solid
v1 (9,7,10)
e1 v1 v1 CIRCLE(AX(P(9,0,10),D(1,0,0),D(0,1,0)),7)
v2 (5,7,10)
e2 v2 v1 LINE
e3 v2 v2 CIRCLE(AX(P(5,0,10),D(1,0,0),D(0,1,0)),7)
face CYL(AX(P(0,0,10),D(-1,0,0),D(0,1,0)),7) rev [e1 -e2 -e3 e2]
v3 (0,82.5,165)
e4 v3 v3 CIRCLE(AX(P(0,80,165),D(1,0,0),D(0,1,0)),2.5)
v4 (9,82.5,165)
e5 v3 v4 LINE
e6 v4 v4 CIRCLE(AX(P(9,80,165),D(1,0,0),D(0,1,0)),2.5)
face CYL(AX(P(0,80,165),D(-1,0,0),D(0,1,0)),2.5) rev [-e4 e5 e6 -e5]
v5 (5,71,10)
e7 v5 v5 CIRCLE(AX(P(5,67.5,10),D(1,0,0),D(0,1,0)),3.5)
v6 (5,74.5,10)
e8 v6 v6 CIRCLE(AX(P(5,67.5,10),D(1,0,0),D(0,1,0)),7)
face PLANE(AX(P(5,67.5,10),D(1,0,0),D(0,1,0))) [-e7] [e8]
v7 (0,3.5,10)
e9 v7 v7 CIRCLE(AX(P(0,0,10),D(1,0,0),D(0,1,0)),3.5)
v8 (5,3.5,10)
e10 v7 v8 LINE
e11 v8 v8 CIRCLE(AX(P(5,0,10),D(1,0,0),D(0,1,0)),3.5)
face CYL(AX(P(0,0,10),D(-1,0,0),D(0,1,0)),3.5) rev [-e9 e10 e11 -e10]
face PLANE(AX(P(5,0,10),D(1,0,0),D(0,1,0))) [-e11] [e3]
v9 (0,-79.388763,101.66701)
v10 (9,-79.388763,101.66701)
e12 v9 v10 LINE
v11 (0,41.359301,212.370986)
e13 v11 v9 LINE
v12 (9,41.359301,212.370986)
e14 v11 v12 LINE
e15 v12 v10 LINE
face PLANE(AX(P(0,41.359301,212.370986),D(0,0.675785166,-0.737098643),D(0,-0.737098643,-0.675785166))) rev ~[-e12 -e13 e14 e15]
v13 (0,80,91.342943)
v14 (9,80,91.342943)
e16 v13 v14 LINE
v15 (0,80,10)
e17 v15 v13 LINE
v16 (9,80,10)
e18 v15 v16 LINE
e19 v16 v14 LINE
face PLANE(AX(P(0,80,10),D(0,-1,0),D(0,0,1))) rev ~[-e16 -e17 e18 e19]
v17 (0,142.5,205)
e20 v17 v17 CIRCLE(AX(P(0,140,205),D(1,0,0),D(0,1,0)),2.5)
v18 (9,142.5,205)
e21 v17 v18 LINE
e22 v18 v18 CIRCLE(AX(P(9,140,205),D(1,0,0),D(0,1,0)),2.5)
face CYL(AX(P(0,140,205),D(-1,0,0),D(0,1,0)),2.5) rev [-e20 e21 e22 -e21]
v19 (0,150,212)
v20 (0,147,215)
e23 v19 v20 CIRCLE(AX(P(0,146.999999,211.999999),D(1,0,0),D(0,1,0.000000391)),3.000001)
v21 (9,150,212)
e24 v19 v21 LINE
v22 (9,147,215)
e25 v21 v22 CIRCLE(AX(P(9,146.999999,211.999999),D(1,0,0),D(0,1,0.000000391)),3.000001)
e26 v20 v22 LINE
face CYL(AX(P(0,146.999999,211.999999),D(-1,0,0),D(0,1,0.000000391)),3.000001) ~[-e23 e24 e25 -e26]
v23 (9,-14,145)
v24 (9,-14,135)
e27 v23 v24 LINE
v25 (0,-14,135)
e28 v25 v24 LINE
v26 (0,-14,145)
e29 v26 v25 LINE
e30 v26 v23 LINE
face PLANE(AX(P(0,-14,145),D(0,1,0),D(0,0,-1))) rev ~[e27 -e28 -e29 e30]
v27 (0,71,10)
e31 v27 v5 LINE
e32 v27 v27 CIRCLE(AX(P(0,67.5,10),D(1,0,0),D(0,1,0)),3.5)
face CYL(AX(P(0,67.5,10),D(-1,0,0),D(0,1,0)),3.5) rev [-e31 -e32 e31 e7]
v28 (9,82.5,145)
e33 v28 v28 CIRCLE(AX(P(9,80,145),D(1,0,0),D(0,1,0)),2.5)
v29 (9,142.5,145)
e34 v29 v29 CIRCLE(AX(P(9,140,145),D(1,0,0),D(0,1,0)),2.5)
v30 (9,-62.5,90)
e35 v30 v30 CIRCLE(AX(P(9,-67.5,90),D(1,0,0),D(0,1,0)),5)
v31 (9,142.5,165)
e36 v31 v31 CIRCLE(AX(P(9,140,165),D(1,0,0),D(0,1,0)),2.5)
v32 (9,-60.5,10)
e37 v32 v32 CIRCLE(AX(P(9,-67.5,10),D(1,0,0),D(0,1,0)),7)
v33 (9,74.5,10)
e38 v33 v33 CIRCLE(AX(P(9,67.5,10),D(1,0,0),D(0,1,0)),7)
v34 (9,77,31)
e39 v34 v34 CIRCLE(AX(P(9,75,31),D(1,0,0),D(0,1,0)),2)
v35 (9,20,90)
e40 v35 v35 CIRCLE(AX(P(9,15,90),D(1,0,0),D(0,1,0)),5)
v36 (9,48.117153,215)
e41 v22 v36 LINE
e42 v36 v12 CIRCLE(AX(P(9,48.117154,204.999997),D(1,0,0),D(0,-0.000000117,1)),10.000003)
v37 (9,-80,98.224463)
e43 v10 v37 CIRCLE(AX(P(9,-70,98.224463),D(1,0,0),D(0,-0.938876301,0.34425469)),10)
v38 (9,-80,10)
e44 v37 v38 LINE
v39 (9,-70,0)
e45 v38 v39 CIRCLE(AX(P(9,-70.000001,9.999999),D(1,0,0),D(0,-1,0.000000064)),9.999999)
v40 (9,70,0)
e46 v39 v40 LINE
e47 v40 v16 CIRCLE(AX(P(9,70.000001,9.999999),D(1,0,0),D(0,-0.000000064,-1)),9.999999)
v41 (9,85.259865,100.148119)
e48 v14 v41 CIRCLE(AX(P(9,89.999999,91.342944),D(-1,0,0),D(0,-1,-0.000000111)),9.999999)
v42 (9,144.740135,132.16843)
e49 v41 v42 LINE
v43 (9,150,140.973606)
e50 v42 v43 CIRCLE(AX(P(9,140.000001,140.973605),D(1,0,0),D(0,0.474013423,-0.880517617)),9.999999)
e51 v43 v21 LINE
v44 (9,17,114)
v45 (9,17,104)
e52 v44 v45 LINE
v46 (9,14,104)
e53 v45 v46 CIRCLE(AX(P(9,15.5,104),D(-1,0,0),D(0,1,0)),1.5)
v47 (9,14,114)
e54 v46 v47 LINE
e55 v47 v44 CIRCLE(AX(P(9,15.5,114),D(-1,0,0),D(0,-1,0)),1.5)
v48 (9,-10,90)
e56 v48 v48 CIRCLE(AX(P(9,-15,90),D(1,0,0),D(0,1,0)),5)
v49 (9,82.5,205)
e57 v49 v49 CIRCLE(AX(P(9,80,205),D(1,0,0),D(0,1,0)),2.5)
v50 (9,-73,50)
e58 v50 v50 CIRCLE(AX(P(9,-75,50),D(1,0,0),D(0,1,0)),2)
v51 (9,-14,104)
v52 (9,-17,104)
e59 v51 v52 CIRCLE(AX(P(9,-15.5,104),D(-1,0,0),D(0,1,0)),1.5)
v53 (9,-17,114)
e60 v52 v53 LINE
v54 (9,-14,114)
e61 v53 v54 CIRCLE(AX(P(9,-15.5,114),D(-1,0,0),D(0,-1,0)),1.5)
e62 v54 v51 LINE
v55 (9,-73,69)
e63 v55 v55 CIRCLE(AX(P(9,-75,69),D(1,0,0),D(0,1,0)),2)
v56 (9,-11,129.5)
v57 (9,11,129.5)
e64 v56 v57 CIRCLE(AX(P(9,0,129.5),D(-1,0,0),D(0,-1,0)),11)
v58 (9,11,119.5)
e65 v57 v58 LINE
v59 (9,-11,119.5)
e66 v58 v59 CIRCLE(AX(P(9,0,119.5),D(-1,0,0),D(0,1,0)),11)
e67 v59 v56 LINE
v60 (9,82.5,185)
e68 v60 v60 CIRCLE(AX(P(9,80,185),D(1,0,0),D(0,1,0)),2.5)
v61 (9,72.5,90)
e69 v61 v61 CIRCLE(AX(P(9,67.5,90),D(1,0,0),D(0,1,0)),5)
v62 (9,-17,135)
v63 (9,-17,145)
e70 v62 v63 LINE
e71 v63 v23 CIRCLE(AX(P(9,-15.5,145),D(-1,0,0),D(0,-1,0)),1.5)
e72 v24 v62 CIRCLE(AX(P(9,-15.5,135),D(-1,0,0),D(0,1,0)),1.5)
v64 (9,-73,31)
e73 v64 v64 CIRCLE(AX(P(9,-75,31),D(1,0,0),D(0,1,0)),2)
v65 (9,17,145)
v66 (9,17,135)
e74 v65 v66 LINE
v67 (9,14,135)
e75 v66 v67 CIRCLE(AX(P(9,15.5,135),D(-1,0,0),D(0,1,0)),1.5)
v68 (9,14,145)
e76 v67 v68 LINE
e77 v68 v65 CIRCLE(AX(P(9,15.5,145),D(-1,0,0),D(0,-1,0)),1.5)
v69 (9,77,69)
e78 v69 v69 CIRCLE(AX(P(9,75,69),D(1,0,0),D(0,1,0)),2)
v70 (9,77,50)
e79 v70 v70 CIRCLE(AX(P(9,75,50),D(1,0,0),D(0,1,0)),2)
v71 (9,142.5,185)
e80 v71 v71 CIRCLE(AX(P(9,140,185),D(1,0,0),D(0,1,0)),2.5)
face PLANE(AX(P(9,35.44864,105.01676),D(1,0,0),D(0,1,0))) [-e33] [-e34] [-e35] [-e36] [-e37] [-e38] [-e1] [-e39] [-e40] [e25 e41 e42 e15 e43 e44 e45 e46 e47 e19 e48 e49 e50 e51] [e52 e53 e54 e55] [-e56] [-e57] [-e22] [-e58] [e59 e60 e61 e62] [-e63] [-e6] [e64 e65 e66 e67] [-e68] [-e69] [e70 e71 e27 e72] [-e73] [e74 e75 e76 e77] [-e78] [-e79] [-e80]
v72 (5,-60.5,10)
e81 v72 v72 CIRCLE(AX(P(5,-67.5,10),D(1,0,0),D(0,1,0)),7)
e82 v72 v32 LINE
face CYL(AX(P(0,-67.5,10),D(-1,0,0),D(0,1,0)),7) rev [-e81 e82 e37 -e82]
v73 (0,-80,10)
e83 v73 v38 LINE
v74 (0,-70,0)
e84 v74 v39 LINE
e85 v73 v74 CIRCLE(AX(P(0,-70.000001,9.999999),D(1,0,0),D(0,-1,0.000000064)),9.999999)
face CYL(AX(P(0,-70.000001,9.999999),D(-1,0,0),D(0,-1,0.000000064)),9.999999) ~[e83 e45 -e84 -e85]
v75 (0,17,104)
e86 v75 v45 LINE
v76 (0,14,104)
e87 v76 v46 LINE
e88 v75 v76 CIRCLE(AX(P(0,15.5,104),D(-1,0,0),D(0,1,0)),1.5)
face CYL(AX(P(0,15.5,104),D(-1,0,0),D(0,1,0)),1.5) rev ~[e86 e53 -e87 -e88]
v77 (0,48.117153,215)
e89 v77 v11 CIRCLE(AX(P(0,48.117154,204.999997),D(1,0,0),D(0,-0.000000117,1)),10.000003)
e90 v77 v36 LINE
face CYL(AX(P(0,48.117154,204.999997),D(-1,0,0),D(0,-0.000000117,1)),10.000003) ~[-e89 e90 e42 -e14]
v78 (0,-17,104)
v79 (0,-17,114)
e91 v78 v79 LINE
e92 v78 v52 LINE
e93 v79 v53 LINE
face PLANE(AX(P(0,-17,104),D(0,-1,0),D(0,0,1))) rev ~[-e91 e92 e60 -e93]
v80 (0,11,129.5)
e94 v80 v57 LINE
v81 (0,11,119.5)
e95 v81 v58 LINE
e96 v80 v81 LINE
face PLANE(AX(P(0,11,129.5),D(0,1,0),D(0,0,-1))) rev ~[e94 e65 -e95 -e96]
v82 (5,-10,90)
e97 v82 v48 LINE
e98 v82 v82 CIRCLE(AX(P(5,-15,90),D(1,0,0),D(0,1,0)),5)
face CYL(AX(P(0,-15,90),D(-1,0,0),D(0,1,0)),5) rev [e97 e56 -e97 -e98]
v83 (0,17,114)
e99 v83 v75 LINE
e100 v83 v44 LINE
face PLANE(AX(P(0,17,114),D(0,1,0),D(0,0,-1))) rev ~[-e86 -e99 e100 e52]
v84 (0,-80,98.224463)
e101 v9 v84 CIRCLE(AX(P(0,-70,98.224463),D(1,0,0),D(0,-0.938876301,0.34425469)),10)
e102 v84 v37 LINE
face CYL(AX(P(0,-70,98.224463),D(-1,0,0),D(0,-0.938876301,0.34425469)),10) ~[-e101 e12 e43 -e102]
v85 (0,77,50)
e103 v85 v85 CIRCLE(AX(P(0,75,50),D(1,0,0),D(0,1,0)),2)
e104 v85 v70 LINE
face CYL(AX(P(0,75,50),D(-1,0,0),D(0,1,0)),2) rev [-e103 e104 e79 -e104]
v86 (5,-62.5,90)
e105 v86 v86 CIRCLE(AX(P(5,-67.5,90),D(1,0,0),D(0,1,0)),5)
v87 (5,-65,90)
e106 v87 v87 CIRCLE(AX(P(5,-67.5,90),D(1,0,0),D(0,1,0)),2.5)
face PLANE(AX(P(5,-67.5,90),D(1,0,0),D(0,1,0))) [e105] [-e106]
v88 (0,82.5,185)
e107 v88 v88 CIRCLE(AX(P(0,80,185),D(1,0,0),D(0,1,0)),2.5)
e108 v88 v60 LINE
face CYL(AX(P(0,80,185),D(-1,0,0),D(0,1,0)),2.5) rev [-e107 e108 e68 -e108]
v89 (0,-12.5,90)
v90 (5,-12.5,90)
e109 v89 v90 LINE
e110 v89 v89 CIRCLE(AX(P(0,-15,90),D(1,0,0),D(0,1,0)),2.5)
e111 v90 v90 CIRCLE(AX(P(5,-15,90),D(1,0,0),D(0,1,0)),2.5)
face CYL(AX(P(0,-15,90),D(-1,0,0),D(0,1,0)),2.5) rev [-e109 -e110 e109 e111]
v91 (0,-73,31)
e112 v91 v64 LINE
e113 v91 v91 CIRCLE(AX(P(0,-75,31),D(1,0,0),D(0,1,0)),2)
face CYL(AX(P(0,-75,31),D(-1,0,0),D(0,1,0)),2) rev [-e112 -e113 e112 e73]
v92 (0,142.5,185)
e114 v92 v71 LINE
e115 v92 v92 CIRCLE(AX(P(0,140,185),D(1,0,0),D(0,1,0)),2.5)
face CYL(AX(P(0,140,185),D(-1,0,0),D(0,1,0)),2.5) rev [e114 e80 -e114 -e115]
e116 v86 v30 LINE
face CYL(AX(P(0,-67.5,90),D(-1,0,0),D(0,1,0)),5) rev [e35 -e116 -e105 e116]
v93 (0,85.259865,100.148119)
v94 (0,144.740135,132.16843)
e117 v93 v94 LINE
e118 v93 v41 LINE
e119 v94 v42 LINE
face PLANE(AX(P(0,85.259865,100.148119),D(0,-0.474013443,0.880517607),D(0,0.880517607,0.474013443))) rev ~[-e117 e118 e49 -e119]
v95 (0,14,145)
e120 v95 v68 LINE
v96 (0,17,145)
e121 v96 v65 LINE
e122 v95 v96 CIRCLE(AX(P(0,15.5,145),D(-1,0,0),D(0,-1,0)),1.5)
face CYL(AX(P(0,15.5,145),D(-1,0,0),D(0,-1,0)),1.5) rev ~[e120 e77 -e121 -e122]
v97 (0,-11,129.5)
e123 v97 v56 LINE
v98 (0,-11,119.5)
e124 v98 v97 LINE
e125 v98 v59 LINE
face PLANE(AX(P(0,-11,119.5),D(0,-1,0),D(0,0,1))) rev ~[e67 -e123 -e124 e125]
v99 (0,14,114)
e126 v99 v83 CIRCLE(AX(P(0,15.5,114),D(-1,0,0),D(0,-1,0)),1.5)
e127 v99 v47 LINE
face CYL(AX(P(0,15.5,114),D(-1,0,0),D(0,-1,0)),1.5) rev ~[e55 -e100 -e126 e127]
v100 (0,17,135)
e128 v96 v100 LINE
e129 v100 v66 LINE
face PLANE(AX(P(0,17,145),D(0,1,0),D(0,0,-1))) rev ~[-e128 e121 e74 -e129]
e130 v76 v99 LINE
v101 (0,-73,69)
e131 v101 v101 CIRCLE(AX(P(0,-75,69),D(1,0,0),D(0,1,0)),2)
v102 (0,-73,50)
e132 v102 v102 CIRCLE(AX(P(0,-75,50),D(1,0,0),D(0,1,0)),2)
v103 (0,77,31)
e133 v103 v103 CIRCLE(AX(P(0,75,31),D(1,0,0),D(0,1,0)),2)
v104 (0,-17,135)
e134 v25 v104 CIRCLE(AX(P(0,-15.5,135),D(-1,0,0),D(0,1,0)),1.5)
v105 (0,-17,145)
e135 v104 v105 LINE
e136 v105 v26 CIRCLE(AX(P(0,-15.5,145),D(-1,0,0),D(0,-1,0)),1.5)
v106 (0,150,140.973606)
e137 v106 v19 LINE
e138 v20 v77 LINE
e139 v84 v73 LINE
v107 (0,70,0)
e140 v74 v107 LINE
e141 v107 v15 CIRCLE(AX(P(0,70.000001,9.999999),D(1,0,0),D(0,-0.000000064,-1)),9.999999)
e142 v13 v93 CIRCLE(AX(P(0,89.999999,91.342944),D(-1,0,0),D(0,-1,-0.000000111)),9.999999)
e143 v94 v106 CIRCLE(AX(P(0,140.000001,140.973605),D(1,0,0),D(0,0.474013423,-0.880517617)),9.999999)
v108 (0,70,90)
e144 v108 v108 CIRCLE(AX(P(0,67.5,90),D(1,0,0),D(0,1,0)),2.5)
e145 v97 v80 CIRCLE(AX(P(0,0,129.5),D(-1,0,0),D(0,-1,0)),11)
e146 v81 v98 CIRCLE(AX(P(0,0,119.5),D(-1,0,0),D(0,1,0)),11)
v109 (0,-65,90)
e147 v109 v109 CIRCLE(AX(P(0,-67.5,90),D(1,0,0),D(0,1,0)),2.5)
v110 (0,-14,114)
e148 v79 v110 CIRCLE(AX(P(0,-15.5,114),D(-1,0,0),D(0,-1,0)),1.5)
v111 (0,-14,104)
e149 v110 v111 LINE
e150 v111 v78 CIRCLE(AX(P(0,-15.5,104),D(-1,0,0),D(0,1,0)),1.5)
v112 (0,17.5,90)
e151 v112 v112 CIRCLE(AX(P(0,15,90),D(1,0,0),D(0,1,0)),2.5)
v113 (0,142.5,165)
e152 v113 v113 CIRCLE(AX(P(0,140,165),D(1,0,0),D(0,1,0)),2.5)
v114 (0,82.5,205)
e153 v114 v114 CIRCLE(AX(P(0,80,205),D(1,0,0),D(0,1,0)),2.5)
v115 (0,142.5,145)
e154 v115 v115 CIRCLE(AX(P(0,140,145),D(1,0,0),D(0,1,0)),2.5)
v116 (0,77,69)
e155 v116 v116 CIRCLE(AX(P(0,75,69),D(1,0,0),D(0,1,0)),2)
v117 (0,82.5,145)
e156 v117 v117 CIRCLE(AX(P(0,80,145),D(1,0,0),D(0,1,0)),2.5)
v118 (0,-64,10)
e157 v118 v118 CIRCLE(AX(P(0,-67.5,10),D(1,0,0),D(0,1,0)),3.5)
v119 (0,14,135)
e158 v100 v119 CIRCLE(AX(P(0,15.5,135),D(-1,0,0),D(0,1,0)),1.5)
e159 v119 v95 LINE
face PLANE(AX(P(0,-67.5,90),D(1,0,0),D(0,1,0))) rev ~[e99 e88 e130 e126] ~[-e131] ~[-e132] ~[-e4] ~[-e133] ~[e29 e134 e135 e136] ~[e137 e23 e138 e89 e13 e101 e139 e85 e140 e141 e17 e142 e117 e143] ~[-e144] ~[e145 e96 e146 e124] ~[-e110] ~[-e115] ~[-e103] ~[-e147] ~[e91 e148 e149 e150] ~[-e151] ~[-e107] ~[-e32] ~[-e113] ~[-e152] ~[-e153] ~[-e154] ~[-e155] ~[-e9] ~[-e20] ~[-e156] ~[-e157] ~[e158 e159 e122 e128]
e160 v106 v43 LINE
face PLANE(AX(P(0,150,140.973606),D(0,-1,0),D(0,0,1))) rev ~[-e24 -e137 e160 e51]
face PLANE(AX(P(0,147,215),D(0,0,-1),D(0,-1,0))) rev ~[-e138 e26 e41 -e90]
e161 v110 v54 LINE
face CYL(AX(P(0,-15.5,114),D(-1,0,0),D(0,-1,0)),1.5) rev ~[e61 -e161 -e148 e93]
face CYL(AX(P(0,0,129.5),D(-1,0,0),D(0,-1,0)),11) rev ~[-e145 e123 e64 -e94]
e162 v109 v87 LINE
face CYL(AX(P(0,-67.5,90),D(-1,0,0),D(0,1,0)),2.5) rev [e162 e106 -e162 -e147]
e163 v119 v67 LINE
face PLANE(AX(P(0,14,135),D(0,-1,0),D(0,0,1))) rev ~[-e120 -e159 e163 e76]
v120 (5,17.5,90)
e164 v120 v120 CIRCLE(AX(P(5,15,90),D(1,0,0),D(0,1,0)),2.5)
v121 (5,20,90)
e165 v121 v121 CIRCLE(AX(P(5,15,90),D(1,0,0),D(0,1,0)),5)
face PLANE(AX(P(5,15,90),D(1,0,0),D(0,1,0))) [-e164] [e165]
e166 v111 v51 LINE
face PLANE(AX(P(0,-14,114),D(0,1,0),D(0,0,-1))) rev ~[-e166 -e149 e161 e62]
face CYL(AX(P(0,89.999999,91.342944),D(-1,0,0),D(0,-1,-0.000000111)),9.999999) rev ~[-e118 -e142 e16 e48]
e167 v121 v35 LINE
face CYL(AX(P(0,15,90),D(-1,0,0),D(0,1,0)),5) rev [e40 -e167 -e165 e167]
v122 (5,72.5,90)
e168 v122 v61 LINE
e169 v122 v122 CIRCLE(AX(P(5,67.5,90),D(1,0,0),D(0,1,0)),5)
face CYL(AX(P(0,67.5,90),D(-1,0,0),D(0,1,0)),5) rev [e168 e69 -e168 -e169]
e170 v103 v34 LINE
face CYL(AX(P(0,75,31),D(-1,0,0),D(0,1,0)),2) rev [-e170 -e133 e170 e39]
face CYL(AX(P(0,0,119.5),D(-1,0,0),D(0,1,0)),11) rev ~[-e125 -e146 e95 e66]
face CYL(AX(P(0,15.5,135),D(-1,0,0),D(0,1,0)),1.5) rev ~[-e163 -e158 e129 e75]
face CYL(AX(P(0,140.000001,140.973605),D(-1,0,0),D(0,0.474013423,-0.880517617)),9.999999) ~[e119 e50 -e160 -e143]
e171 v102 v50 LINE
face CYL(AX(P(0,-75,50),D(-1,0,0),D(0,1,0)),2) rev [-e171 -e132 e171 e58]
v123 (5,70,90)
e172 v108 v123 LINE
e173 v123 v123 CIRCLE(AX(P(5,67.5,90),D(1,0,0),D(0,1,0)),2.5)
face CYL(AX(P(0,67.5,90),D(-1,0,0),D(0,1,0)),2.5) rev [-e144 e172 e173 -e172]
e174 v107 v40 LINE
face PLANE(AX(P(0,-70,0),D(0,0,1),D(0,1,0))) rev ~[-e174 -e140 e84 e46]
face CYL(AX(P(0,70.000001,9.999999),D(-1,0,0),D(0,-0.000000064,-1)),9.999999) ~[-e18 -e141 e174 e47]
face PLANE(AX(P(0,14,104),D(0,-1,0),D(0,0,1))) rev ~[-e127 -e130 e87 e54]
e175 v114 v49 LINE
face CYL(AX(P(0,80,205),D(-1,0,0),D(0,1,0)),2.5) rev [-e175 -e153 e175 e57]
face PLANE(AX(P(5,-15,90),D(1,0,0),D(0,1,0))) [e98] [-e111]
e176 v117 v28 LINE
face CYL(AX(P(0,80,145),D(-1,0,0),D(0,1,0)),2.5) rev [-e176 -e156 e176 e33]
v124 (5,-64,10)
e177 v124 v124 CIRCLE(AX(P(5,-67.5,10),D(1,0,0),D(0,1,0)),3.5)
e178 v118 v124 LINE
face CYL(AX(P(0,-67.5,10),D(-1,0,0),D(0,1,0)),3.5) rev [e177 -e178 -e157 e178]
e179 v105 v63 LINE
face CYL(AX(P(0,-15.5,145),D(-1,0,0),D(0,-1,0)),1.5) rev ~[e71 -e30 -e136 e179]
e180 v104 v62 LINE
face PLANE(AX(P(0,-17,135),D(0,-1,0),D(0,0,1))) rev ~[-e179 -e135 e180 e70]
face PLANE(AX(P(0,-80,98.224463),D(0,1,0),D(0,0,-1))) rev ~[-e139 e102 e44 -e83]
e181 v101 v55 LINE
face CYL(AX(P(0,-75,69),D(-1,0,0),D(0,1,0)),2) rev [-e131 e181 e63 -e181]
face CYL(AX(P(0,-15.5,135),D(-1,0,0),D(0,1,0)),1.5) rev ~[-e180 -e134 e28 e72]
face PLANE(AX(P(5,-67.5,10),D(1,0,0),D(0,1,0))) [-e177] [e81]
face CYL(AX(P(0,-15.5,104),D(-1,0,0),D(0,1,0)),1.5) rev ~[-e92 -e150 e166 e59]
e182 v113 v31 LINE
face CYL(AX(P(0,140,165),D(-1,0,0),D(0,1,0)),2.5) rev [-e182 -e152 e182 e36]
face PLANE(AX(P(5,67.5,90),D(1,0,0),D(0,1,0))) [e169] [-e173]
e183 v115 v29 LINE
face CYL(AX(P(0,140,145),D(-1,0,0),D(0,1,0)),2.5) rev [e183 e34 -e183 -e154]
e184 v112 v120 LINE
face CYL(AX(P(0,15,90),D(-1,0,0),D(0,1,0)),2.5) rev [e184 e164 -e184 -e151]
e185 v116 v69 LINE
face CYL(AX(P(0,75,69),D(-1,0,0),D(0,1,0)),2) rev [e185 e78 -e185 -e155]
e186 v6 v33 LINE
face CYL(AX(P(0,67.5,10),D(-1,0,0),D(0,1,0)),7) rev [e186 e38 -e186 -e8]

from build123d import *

# Parameters (mm, degrees)
F0_R     = 7
F0_R_2   = 2
F0_R_3   = 5
F0_R_4   = 2.5
F1_DEPTH = 9
F0_R_5   = 3.5
F2_DEPTH = 5


with BuildPart() as f1:
    # F0 (on Right) → F1 (new body)
    with BuildSketch(Plane.YZ):
        with BuildLine():
            ThreePointArc((-80, 10), (-77.071068, 2.928932), (-70, 0))
            Line((-70, 0), (70, 0))
            ThreePointArc((70, 0), (77.071068, 2.928932), (80, 10))
            Line((80, 10), (80, 91.342943))
            ThreePointArc((80, 91.342943), (81.41509, 96.47123), (85.259865, 100.148119))
            Line((85.259865, 100.148119), (144.740135, 132.16843))
            ThreePointArc((144.740135, 132.16843), (148.58491, 135.845319), (150, 140.973606))
            Line((150, 140.973606), (150, 212))
            ThreePointArc((150, 212), (149.12132, 214.12132), (147, 215))
            Line((147, 215), (69.185309, 215))
            Line((69.185309, 215), (48.117153, 215))
            ThreePointArc((48.117153, 215), (44.49154, 214.319599), (41.359301, 212.370986))
            Line((41.359301, 212.370986), (-79.388763, 101.66701))
            ThreePointArc((-79.388763, 101.66701), (-79.846005, 99.972658), (-80, 98.224463))
            Line((-80, 98.224463), (-80, 10))
        make_face()
        with Locations((-67.5, 10)):
            Circle(F0_R, mode=Mode.SUBTRACT)
        with Locations((-75, 31)):
            Circle(F0_R_2, mode=Mode.SUBTRACT)
        with Locations((-75, 50)):
            Circle(F0_R_2, mode=Mode.SUBTRACT)
        with Locations((0, 10)):
            Circle(F0_R, mode=Mode.SUBTRACT)
        with Locations((-75, 69)):
            Circle(F0_R_2, mode=Mode.SUBTRACT)
        with Locations((-67.5, 90)):
            Circle(F0_R_3, mode=Mode.SUBTRACT)
        with Locations((-15, 90)):
            Circle(F0_R_3, mode=Mode.SUBTRACT)
        with Locations((15, 90)):
            Circle(F0_R_3, mode=Mode.SUBTRACT)
        with Locations((67.5, 10)):
            Circle(F0_R, mode=Mode.SUBTRACT)
        with Locations((75, 31)):
            Circle(F0_R_2, mode=Mode.SUBTRACT)
        with Locations((75, 50)):
            Circle(F0_R_2, mode=Mode.SUBTRACT)
        with Locations((75, 69)):
            Circle(F0_R_2, mode=Mode.SUBTRACT)
        with Locations((67.5, 90)):
            Circle(F0_R_3, mode=Mode.SUBTRACT)
        with BuildLine():
            ThreePointArc((-14, 104), (-15.5, 102.5), (-17, 104))
            Line((-17, 104), (-17, 114))
            ThreePointArc((-17, 114), (-15.5, 115.5), (-14, 114))
            Line((-14, 114), (-14, 104))
        make_face(mode=Mode.SUBTRACT)
        with BuildLine():
            ThreePointArc((-11, 129.5), (0, 140.5), (11, 129.5))
            Line((11, 129.5), (11, 119.5))
            ThreePointArc((11, 119.5), (0, 108.5), (-11, 119.5))
            Line((-11, 119.5), (-11, 129.5))
        make_face(mode=Mode.SUBTRACT)
        with BuildLine():
            Line((17, 114), (17, 104))
            ThreePointArc((17, 104), (15.5, 102.5), (14, 104))
            Line((14, 104), (14, 114))
            ThreePointArc((14, 114), (15.5, 115.5), (17, 114))
        make_face(mode=Mode.SUBTRACT)
        with BuildLine():
            ThreePointArc((-17, 145), (-15.5, 146.5), (-14, 145))
            Line((-14, 145), (-14, 135))
            ThreePointArc((-14, 135), (-15.5, 133.5), (-17, 135))
            Line((-17, 135), (-17, 145))
        make_face(mode=Mode.SUBTRACT)
        with BuildLine():
            Line((14, 135), (14, 145))
            ThreePointArc((14, 145), (15.5, 146.5), (17, 145))
            Line((17, 145), (17, 135))
            ThreePointArc((17, 135), (15.5, 133.5), (14, 135))
        make_face(mode=Mode.SUBTRACT)
        with Locations((80, 145)):
            Circle(F0_R_4, mode=Mode.SUBTRACT)
        with Locations((140, 145)):
            Circle(F0_R_4, mode=Mode.SUBTRACT)
        with Locations((80, 165)):
            Circle(F0_R_4, mode=Mode.SUBTRACT)
        with Locations((80, 185)):
            Circle(F0_R_4, mode=Mode.SUBTRACT)
        with Locations((80, 205)):
            Circle(F0_R_4, mode=Mode.SUBTRACT)
        with Locations((140, 165)):
            Circle(F0_R_4, mode=Mode.SUBTRACT)
        with Locations((140, 185)):
            Circle(F0_R_4, mode=Mode.SUBTRACT)
        with Locations((140, 205)):
            Circle(F0_R_4, mode=Mode.SUBTRACT)
    extrude(amount=F1_DEPTH)

    # F0 (on Right) → F2 (join)
    with BuildSketch(Plane.YZ):
        with Locations((-67.5, 90)):
            Circle(F0_R_3)
        with Locations((-67.5, 90)):
            Circle(F0_R_4, mode=Mode.SUBTRACT)
        with Locations((-15, 90)):
            Circle(F0_R_3)
        with Locations((-15, 90)):
            Circle(F0_R_4, mode=Mode.SUBTRACT)
        with Locations((15, 90)):
            Circle(F0_R_3)
        with Locations((15, 90)):
            Circle(F0_R_4, mode=Mode.SUBTRACT)
        with Locations((67.5, 90)):
            Circle(F0_R_3)
        with Locations((67.5, 90)):
            Circle(F0_R_4, mode=Mode.SUBTRACT)
        with Locations((67.5, 10)):
            Circle(F0_R)
        with Locations((67.5, 10)):
            Circle(F0_R_5, mode=Mode.SUBTRACT)
        with Locations((0, 10)):
            Circle(F0_R)
        with Locations((0, 10)):
            Circle(F0_R_5, mode=Mode.SUBTRACT)
        with Locations((-67.5, 10)):
            Circle(F0_R)
        with Locations((-67.5, 10)):
            Circle(F0_R_5, mode=Mode.SUBTRACT)
    extrude(amount=F2_DEPTH)


solid = f1.part
